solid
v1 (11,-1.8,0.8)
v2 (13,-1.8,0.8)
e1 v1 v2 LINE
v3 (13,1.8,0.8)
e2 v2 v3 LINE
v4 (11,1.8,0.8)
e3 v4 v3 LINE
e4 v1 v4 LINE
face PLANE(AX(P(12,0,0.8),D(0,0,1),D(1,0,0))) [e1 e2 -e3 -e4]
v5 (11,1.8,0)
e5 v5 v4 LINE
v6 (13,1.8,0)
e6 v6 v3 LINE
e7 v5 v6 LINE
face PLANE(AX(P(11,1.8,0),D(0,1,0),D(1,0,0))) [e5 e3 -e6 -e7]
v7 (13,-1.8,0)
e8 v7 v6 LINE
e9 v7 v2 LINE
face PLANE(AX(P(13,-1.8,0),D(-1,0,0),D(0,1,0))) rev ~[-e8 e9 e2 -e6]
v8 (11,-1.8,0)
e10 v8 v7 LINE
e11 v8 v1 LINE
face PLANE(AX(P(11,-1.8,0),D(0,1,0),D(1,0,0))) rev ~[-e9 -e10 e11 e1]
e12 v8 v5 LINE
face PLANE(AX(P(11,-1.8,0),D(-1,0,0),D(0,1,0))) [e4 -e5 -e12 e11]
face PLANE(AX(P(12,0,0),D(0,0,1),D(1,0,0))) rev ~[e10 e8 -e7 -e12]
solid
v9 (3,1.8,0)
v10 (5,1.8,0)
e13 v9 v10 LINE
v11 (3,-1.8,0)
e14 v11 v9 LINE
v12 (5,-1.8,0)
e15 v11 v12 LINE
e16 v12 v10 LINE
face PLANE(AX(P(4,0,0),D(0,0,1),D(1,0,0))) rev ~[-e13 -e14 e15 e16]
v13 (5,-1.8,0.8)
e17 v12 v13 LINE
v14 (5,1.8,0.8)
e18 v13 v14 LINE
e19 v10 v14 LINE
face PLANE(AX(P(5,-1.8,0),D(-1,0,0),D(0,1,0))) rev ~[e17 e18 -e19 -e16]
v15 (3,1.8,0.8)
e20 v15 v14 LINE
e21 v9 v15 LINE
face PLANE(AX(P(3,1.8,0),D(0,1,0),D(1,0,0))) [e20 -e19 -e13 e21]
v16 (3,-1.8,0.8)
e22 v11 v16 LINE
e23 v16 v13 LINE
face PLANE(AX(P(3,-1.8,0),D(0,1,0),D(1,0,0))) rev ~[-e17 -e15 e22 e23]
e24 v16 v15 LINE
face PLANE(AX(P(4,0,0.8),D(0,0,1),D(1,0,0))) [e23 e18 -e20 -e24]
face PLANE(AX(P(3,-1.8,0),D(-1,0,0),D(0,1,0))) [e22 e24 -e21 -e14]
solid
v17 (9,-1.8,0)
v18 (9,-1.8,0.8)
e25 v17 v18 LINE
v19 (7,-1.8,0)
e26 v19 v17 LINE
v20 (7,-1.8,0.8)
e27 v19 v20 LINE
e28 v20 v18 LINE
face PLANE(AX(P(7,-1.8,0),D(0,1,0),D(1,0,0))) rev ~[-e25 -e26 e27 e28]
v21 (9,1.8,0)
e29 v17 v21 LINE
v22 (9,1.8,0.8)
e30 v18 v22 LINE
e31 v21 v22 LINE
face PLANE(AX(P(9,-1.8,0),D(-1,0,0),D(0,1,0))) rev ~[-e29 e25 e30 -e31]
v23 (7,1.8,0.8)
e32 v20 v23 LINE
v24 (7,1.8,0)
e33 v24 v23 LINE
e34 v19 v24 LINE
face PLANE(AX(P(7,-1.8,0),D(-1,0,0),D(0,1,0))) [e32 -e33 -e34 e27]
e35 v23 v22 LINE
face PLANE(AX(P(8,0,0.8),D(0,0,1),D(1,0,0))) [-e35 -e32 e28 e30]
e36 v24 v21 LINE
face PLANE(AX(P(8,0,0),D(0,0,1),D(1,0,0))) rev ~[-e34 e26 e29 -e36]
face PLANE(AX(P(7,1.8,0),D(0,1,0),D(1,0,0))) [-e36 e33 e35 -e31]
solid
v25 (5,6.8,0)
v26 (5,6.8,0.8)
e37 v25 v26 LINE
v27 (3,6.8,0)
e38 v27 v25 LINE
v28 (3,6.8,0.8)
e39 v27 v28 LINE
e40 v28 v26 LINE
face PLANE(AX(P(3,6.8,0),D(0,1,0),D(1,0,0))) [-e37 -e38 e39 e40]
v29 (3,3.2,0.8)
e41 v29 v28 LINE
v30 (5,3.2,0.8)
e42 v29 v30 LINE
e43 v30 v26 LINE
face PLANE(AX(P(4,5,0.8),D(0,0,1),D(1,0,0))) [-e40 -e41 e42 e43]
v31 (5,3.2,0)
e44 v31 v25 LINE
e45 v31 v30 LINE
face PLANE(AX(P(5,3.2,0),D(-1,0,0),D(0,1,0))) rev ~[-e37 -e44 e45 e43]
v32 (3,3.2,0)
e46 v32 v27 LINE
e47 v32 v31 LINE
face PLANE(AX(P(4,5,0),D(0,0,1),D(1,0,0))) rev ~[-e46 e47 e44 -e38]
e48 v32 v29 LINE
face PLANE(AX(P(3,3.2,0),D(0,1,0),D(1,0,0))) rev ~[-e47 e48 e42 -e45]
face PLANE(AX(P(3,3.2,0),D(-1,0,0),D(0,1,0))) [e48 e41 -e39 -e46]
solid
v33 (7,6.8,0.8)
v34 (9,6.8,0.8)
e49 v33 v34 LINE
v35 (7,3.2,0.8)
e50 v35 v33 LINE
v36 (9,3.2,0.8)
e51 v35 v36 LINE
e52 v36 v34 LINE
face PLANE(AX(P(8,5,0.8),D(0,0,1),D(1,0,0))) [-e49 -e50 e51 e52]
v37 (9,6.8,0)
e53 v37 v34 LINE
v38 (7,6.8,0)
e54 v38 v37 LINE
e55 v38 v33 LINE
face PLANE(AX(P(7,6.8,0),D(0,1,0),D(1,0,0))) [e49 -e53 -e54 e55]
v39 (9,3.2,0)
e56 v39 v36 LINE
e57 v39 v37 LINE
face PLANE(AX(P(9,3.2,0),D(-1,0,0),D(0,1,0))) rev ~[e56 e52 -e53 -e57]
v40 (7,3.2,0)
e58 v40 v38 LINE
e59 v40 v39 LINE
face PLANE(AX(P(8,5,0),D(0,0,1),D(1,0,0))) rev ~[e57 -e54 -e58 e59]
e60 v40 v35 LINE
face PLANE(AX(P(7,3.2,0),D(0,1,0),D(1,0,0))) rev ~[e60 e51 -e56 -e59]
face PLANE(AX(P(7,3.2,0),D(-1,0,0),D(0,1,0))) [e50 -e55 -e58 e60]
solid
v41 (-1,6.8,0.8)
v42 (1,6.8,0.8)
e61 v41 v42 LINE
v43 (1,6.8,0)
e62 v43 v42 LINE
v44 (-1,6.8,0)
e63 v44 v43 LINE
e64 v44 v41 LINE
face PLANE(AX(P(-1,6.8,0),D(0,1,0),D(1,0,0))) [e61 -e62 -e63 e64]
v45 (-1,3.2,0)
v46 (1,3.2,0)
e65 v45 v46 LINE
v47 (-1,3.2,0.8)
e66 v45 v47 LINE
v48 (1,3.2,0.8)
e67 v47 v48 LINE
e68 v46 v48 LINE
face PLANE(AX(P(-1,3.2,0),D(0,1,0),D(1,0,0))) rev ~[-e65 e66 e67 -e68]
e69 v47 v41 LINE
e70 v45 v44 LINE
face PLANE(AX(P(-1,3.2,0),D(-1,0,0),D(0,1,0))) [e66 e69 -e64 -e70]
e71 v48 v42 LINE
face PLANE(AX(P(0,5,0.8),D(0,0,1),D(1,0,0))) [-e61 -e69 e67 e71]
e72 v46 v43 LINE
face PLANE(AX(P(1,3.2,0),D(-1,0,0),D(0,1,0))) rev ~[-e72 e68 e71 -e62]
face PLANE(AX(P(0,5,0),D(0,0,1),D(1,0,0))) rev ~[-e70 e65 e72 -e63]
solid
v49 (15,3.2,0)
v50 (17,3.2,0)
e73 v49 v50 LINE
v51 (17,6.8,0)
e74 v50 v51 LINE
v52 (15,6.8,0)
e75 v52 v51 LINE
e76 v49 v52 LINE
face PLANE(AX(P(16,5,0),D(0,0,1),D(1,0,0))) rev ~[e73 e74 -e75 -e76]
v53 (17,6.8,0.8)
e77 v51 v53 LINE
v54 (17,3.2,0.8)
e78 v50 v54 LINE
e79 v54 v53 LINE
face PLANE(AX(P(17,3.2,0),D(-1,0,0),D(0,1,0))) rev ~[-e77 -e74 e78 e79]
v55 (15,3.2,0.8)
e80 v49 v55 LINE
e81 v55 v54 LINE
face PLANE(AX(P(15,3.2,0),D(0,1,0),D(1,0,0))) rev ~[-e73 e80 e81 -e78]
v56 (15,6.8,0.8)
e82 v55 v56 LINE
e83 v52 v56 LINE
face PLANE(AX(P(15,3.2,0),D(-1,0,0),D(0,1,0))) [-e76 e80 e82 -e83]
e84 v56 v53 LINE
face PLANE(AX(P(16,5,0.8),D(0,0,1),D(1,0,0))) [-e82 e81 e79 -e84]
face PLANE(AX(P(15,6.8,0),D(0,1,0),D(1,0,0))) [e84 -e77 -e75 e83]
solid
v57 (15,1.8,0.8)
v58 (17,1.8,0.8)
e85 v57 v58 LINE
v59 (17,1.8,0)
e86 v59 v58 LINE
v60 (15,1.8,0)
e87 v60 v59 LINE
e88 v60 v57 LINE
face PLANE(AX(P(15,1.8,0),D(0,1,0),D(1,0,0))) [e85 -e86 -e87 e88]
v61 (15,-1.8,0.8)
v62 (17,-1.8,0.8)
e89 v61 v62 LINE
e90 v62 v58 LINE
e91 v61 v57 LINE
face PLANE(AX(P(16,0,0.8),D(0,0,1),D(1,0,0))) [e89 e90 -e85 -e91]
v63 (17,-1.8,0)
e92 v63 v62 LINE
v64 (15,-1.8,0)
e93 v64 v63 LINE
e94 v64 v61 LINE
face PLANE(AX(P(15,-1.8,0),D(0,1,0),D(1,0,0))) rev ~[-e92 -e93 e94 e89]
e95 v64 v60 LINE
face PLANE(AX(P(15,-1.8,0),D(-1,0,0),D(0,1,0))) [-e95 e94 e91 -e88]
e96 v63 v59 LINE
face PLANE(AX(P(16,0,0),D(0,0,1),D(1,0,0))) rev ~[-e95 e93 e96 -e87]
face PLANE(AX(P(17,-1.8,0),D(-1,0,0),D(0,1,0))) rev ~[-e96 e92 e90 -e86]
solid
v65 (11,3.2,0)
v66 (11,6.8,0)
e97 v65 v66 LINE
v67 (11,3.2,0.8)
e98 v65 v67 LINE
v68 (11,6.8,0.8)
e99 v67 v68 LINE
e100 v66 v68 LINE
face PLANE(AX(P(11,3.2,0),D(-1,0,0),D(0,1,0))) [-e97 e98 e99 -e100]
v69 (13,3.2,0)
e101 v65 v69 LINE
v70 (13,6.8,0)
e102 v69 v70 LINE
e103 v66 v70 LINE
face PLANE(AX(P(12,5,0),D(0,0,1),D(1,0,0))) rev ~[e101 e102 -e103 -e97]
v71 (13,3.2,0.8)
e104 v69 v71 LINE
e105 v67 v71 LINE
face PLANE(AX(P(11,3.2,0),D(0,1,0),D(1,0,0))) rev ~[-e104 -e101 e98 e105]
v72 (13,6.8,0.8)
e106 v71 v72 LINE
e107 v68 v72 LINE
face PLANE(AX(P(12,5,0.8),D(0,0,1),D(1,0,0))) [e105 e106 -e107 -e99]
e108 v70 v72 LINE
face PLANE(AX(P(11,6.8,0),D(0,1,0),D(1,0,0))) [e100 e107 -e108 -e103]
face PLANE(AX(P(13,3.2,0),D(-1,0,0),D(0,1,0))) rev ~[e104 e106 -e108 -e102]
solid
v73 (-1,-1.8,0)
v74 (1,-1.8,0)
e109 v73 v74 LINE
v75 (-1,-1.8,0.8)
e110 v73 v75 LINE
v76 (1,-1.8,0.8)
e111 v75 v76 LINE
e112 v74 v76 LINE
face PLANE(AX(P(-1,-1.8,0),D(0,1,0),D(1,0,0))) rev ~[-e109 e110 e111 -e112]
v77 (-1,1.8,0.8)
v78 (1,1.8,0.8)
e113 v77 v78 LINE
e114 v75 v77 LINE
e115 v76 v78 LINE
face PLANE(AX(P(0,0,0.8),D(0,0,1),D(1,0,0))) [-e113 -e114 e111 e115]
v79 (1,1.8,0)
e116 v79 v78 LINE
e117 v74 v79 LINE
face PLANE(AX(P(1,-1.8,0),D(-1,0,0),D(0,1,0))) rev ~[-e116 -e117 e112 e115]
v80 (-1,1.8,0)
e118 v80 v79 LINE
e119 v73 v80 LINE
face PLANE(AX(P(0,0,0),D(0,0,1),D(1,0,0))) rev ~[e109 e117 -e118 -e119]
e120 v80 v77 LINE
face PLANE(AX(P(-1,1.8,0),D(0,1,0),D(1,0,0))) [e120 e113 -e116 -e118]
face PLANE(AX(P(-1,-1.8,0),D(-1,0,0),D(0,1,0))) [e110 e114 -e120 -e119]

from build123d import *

# Parameters (mm, degrees)
SKETCH_1_W         = 2
SKETCH_1_H         = 3.6
EXTRUDE_1_DEPTH    = 0.8
EXTRUDE_1_2_DEPTH  = 0.8
EXTRUDE_1_3_DEPTH  = 0.8
EXTRUDE_1_4_DEPTH  = 0.8
EXTRUDE_1_5_DEPTH  = 0.8
EXTRUDE_1_6_DEPTH  = 0.8
EXTRUDE_1_7_DEPTH  = 0.8
EXTRUDE_1_8_DEPTH  = 0.8
EXTRUDE_1_9_DEPTH  = 0.8
EXTRUDE_1_10_DEPTH = 0.8


with BuildPart() as part:
    # Эскиз1 → Бобышка-Вытянуть1 (new body)
    with BuildSketch(Plane.XY):
        with Locations((4, 0)):
            Rectangle(SKETCH_1_W, SKETCH_1_H)
    extrude(amount=EXTRUDE_1_DEPTH)


with BuildPart() as body_2:
    # Эскиз1 → Extrude 1 2 (new body)
    with BuildSketch(Plane.XY):
        Rectangle(SKETCH_1_W, SKETCH_1_H)
    extrude(amount=EXTRUDE_1_2_DEPTH)


with BuildPart() as body_3:
    # Эскиз1 → Extrude 1 3 (new body)
    with BuildSketch(Plane.XY):
        with Locations((8, 0)):
            Rectangle(SKETCH_1_W, SKETCH_1_H)
    extrude(amount=EXTRUDE_1_3_DEPTH)


with BuildPart() as body_4:
    # Эскиз1 → Extrude 1 4 (new body)
    with BuildSketch(Plane.XY):
        with Locations((12, 0)):
            Rectangle(SKETCH_1_W, SKETCH_1_H)
    extrude(amount=EXTRUDE_1_4_DEPTH)


with BuildPart() as body_5:
    # Эскиз1 → Extrude 1 5 (new body)
    with BuildSketch(Plane.XY):
        with Locations((16, 0)):
            Rectangle(SKETCH_1_W, SKETCH_1_H)
    extrude(amount=EXTRUDE_1_5_DEPTH)


with BuildPart() as body_6:
    # Эскиз1 → Extrude 1 6 (new body)
    with BuildSketch(Plane.XY):
        with Locations((4, 5)):
            Rectangle(SKETCH_1_W, SKETCH_1_H)
    extrude(amount=EXTRUDE_1_6_DEPTH)


with BuildPart() as body_7:
    # Эскиз1 → Extrude 1 7 (new body)
    with BuildSketch(Plane.XY):
        with Locations((8, 5)):
            Rectangle(SKETCH_1_W, SKETCH_1_H)
    extrude(amount=EXTRUDE_1_7_DEPTH)


with BuildPart() as body_8:
    # Эскиз1 → Extrude 1 8 (new body)
    with BuildSketch(Plane.XY):
        with Locations((12, 5)):
            Rectangle(SKETCH_1_W, SKETCH_1_H)
    extrude(amount=EXTRUDE_1_8_DEPTH)


with BuildPart() as body_9:
    # Эскиз1 → Extrude 1 9 (new body)
    with BuildSketch(Plane.XY):
        with Locations((16, 5)):
            Rectangle(SKETCH_1_W, SKETCH_1_H)
    extrude(amount=EXTRUDE_1_9_DEPTH)


with BuildPart() as body_10:
    # Эскиз1 → Extrude 1 10 (new body)
    with BuildSketch(Plane.XY):
        with Locations((0, 5)):
            Rectangle(SKETCH_1_W, SKETCH_1_H)
    extrude(amount=EXTRUDE_1_10_DEPTH)


solid = Compound([part.part, body_2.part, body_3.part, body_4.part, body_5.part, body_6.part, body_7.part, body_8.part, body_9.part, body_10.part])
